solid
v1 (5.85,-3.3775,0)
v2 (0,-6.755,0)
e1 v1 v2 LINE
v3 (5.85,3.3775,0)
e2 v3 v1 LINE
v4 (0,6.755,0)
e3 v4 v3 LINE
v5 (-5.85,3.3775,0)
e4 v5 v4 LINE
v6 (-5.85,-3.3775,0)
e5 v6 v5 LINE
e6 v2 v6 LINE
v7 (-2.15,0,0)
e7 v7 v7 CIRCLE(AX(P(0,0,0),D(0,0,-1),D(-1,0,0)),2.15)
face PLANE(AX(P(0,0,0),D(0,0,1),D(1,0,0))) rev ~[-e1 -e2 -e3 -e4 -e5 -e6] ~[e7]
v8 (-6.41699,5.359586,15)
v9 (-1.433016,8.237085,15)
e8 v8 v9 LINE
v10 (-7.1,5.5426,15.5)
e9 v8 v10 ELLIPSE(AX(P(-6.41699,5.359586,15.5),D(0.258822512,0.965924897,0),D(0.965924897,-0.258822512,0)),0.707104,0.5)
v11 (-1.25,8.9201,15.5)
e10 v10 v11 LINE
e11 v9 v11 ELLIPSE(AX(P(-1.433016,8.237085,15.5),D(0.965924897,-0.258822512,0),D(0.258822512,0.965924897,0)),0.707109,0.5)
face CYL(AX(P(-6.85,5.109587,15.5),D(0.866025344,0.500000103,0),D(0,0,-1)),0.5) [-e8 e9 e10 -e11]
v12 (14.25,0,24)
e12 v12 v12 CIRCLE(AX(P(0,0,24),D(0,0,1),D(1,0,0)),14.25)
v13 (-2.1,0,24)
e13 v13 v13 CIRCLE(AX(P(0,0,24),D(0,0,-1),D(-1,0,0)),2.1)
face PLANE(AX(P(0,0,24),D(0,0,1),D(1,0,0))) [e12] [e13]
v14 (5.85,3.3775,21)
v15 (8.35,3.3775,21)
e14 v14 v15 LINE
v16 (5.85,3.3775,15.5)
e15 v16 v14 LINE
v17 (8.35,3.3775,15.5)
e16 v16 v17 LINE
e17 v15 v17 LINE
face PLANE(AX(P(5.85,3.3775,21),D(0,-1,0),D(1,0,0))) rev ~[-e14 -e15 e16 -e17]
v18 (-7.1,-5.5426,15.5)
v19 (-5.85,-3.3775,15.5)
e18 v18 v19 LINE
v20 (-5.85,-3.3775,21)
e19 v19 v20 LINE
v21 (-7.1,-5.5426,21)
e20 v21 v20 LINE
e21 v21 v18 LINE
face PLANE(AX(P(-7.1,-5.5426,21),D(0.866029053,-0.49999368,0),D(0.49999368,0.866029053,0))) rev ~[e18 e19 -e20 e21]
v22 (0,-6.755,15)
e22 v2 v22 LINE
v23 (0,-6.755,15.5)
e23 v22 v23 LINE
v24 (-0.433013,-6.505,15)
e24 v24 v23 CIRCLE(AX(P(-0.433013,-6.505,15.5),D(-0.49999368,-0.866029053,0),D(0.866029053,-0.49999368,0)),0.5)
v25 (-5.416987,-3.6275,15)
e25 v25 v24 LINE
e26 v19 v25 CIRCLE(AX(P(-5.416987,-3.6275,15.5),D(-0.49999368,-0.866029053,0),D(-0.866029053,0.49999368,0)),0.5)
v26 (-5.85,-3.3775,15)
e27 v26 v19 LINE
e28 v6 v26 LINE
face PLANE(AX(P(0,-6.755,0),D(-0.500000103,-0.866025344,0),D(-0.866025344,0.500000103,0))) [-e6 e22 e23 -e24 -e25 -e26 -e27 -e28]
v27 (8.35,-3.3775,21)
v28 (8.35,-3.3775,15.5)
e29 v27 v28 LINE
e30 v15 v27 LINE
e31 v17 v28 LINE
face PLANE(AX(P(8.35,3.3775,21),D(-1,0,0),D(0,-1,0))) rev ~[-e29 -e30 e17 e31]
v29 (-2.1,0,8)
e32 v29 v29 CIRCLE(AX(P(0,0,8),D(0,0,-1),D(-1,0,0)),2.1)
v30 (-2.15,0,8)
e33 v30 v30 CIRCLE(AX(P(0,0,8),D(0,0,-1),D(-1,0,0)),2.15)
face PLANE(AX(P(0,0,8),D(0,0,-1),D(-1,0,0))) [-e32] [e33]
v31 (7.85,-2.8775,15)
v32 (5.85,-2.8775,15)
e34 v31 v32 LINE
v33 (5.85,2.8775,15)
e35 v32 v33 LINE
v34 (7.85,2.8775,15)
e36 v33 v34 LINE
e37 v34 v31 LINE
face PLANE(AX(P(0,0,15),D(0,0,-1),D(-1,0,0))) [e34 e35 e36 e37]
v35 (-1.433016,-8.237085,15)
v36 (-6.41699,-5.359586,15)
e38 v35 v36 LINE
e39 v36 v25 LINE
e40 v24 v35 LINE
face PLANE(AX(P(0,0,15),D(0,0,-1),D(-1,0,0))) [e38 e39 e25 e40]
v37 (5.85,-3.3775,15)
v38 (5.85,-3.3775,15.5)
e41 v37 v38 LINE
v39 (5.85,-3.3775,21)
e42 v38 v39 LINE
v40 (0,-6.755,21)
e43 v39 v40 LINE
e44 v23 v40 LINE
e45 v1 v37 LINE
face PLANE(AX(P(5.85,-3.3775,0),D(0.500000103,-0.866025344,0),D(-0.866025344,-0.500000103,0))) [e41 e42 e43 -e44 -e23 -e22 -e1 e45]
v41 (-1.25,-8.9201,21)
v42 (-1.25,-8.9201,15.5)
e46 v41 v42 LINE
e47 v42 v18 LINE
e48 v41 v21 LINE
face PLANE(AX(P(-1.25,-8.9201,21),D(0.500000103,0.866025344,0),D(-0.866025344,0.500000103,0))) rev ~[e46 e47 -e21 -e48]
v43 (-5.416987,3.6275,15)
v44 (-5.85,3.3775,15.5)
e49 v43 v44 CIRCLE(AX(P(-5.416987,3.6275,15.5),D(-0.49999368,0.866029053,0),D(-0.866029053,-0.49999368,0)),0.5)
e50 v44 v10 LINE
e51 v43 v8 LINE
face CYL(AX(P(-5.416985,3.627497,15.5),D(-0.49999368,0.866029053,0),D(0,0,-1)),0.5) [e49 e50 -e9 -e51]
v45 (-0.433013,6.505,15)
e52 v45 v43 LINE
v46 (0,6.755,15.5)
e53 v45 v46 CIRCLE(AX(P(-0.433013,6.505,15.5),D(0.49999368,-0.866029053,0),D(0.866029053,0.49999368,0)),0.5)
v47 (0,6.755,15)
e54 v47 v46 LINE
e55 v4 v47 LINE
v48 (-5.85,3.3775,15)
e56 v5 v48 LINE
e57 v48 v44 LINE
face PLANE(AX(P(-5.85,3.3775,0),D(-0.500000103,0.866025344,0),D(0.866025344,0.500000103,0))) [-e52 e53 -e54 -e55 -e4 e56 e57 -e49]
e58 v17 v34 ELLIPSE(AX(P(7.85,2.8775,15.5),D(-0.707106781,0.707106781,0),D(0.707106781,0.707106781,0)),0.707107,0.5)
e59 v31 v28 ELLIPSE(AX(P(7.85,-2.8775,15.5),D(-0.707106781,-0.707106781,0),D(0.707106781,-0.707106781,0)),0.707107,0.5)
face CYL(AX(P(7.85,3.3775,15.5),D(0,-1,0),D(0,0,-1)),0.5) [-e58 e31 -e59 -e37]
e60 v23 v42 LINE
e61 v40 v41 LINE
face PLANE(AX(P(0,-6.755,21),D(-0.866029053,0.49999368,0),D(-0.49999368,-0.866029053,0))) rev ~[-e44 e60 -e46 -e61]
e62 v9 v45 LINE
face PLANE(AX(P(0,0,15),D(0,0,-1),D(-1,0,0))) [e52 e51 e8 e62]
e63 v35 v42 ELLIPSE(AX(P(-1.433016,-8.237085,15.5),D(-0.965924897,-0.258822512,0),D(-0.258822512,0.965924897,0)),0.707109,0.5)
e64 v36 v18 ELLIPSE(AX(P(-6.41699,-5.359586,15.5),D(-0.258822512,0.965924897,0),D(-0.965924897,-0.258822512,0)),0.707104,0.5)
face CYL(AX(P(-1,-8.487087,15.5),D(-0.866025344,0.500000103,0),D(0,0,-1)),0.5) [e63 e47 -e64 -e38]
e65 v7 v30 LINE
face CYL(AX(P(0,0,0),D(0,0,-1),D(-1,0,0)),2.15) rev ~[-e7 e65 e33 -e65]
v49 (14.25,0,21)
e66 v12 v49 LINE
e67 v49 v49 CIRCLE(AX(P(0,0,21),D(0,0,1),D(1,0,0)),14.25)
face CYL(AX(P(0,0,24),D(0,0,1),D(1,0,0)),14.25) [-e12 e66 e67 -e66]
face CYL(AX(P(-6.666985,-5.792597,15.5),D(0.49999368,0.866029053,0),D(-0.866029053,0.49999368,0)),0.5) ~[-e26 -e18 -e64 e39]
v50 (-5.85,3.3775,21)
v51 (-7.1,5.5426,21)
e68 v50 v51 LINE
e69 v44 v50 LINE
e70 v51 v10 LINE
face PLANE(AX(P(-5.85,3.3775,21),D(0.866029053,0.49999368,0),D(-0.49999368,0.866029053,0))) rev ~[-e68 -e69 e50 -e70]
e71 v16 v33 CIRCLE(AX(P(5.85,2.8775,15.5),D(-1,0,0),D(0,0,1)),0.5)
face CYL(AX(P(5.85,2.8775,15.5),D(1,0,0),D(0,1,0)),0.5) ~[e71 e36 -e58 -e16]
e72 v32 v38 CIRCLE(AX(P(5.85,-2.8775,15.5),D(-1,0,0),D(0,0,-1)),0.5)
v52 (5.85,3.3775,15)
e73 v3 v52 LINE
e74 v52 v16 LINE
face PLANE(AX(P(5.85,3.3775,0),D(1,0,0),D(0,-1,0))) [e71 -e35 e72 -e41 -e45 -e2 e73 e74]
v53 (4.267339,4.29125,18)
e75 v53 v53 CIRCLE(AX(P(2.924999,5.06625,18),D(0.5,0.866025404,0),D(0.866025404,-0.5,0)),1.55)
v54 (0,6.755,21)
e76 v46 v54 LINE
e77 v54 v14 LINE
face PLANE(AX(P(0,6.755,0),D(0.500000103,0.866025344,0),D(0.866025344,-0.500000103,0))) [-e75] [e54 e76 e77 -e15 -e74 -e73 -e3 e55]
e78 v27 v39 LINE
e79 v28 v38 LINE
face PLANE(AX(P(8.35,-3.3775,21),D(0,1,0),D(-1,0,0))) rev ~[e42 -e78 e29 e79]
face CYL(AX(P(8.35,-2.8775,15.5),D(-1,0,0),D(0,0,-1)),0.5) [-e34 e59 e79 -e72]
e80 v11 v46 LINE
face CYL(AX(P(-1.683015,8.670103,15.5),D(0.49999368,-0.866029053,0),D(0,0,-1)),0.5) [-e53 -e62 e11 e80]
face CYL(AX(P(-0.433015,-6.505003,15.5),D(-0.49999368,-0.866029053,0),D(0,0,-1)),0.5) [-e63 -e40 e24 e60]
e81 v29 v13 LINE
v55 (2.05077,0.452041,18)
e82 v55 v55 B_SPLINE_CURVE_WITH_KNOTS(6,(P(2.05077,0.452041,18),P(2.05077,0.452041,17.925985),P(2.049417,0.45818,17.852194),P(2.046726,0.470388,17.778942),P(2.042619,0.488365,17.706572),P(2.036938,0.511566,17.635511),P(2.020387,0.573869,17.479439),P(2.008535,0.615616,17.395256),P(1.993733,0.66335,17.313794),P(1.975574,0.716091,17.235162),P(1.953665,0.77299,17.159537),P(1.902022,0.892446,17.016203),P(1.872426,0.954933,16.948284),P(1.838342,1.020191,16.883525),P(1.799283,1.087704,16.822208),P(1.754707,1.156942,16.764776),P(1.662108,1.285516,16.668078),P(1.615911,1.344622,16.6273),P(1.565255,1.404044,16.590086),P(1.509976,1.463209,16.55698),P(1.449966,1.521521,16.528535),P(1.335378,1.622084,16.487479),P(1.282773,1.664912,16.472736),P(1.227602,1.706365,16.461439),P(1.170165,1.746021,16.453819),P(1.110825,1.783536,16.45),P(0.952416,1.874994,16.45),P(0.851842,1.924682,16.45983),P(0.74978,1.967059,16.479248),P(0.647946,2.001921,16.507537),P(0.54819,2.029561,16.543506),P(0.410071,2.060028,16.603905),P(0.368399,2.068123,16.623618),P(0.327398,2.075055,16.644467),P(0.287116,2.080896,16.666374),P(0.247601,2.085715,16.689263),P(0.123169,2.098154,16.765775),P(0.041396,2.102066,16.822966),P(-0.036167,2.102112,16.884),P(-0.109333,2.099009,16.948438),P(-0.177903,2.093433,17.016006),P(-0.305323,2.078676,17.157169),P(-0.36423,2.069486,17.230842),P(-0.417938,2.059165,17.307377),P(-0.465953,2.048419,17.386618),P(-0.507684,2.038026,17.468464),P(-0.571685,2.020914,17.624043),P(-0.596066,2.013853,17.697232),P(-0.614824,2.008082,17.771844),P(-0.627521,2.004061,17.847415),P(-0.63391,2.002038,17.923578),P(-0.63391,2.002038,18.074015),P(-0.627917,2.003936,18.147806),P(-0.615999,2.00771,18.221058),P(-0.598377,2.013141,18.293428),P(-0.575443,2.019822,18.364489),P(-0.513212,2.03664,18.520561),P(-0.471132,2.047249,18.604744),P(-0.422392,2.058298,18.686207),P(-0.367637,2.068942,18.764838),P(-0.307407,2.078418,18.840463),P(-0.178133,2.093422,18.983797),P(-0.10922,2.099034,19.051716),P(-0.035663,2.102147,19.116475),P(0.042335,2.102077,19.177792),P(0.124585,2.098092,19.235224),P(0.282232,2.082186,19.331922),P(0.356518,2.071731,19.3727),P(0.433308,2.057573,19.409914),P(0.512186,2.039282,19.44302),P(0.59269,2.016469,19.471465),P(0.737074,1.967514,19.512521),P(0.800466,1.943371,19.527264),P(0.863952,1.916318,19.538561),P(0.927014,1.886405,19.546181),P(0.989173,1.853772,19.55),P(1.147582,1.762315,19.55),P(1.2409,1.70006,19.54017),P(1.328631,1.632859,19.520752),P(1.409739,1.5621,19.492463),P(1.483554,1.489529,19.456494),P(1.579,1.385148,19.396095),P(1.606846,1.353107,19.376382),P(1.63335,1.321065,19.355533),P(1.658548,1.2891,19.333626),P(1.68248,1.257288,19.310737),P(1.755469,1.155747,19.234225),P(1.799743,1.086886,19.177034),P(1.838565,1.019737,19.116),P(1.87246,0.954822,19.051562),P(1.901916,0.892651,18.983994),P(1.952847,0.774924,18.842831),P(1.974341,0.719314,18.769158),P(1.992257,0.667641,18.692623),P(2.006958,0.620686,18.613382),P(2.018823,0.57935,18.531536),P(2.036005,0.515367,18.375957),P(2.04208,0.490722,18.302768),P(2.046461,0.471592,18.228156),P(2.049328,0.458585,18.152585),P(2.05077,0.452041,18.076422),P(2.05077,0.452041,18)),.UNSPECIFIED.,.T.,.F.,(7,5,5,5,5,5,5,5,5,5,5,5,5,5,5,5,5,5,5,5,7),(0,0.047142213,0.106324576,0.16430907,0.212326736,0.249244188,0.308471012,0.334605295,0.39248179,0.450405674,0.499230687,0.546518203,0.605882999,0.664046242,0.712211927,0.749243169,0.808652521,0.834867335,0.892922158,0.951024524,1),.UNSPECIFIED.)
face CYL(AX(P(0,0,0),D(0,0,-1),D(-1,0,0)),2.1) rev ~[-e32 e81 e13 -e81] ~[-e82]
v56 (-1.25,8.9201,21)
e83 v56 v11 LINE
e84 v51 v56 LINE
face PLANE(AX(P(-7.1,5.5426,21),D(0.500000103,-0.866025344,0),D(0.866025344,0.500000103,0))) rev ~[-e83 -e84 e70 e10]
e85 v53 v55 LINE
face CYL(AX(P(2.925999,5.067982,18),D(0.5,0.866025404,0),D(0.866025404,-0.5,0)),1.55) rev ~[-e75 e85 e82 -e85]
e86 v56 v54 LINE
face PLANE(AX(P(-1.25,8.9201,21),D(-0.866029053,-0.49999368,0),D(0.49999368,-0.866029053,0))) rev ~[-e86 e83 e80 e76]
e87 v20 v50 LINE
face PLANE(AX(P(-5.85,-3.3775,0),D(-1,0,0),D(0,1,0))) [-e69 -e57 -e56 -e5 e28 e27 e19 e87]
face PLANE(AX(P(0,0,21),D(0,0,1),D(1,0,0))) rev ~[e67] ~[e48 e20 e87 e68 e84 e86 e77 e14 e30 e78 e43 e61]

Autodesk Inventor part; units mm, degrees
ref_plane "YZ Plane" through (0, 0, 0) normal (1, 0, 0) x (0, 1, 0)
ref_plane "XZ Plane" through (0, 0, 0) normal (0, 1, 0) x (-1, 0, 0)
ref_plane "XY Plane" through (0, 0, 0) normal (0, 0, 1) x (1, 0, 0)
sketch "草圖1" plane through (0, 0, 0) normal (0, 0, 1) x (1, 0, 0)
  line L0 (-5.85, 3.3775) -> (0, 6.755)
  line L1 (0, 6.755) -> (5.85, 3.3775)
  line L2 (5.85, 3.3775) -> (5.85, -3.3775)
  line L3 (5.85, -3.3775) -> (0, -6.755)
  line L4 (0, -6.755) -> (-5.85, -3.3775)
  line L5 (-5.85, -3.3775) -> (-5.85, 3.3775)
  point P0 (0, 0)
  point P1 (0, 0)
  dimension "d0" = 11.7
extrude "擠出1" add sketch "草圖1" along normal blind 24
sketch "草圖2" plane through (0, 0, 24) normal (0, 0, 1) x (1, 0, 0)
  circle A0 centre (0, 0) radius 14.25
  dimension "d3" = 28.5
extrude "擠出2" add sketch "草圖2" against normal blind 3
sketch "草圖3" plane through (0, 0, 21) normal (0, 0, -1) x (-1, 0, 0)
  line L0 (5.85, -3.3775) -> (0, -6.755) projected
  line L1 (5.85, 3.3775) -> (5.85, -3.3775) projected
  line L2 (0, 6.755) -> (5.85, 3.3775) projected
  line L3 (-5.85, 3.3775) -> (0, 6.755) projected
  line L4 (-5.85, -3.3775) -> (-5.85, 3.3775) projected
  line L5 (0, -6.755) -> (-5.85, -3.3775) projected
  line L6 (-5.85, 3.3775) -> (0, 6.755) projected
  line L7 (0, 6.755) -> (5.85, 3.3775) projected
  line L8 (0, 6.755) -> (5.85, 3.3775)
  line L9 (5.85, 3.3775) -> (7.1, 5.5426)
  line L10 (7.1, 5.5426) -> (1.25, 8.9201)
  line L11 (1.25, 8.9201) -> (0, 6.755)
  line L12 (-5.85, -3.3775) -> (-5.85, 3.3775)
  line L13 (-5.85, 3.3775) -> (-8.35, 3.3775)
  line L14 (-8.35, 3.3775) -> (-8.35, -3.3775)
  line L15 (-8.35, -3.3775) -> (-5.85, -3.3775)
  line L16 (5.85, -3.3775) -> (0, -6.755)
  line L17 (0, -6.755) -> (1.25, -8.9201)
  line L18 (1.25, -8.9201) -> (7.1, -5.5426)
  line L19 (7.1, -5.5426) -> (5.85, -3.3775)
  point P0 (0, 0)
  point P1 (0, -6.755)
  dimension "d6" = 2.5
  dimension "d9" = 360
extrude "擠出3" add sketch "草圖3" along normal blind 6 contours L19 L18 L17 L0 | L2 L11 L10 L9 | L15 L14 L13 L4
sketch "草圖4" plane through (0, 0, 0) normal (0, 0, -1) x (-1, 0, 0)
  circle A0 centre (0, 0) radius 2.1
  dimension "d13" = 4.2
extrude "擠出4" cut sketch "草圖4" against normal up to surface (24 mm away)
sketch "草圖5" plane through (0, 0, 0) normal (0, 0, -1) x (-1, 0, 0)
  circle A0 centre (0, 0) radius 2.1 projected
  circle A1 centre (0, 0) radius 2.15
  dimension "d16" = 4.3
extrude "擠出5" cut sketch "草圖5" against normal blind 8 contours A0 | A1
sketch "草圖6" plane through (5.85, 3.3775, 15) normal (0.5, 0.866, 0) x (0.866, -0.5, 0)
  line L0 (10.8725, -6) -> (-17.6275, -6) projected
  circle A0 centre (-3.3775, -3) radius 1.5
  line L1 (-3.3775, 19.8) -> (-3.3775, -13.8) projected
  point P0 (-3.3775, 15)
  dimension "d19" = 3
  dimension "d22" = 3
extrude "擠出6" cut sketch "草圖6" against normal blind 6
sketch "草圖7" plane through (5.85, 3.3775, 15) normal (0.5, 0.866, 0) x (0.866, -0.5, 0)
  circle A0 centre (-3.3775, -3) radius 1.5 projected
  circle A1 centre (-3.3775, -3) radius 1.55
  point P0 (-3.3775, 15)
  dimension "d23" = 3.1
extrude "擠出7" cut sketch "草圖7" against normal blind 6 contours A0 | A1
fillet "圓角2" radius 0.5 9 edges at (-4.175, 7.2313, 15) (-0.625, 7.8375, 15) (-6.475, 4.46, 15) (7.1, 3.3775, 15) (8.35, 0, 15) (7.1, -3.3775, 15) (-4.175, -7.2313, 15) (-0.625, -7.8375, 15) (-6.475, -4.46, 15)
properties part number "Coupling_0515"
